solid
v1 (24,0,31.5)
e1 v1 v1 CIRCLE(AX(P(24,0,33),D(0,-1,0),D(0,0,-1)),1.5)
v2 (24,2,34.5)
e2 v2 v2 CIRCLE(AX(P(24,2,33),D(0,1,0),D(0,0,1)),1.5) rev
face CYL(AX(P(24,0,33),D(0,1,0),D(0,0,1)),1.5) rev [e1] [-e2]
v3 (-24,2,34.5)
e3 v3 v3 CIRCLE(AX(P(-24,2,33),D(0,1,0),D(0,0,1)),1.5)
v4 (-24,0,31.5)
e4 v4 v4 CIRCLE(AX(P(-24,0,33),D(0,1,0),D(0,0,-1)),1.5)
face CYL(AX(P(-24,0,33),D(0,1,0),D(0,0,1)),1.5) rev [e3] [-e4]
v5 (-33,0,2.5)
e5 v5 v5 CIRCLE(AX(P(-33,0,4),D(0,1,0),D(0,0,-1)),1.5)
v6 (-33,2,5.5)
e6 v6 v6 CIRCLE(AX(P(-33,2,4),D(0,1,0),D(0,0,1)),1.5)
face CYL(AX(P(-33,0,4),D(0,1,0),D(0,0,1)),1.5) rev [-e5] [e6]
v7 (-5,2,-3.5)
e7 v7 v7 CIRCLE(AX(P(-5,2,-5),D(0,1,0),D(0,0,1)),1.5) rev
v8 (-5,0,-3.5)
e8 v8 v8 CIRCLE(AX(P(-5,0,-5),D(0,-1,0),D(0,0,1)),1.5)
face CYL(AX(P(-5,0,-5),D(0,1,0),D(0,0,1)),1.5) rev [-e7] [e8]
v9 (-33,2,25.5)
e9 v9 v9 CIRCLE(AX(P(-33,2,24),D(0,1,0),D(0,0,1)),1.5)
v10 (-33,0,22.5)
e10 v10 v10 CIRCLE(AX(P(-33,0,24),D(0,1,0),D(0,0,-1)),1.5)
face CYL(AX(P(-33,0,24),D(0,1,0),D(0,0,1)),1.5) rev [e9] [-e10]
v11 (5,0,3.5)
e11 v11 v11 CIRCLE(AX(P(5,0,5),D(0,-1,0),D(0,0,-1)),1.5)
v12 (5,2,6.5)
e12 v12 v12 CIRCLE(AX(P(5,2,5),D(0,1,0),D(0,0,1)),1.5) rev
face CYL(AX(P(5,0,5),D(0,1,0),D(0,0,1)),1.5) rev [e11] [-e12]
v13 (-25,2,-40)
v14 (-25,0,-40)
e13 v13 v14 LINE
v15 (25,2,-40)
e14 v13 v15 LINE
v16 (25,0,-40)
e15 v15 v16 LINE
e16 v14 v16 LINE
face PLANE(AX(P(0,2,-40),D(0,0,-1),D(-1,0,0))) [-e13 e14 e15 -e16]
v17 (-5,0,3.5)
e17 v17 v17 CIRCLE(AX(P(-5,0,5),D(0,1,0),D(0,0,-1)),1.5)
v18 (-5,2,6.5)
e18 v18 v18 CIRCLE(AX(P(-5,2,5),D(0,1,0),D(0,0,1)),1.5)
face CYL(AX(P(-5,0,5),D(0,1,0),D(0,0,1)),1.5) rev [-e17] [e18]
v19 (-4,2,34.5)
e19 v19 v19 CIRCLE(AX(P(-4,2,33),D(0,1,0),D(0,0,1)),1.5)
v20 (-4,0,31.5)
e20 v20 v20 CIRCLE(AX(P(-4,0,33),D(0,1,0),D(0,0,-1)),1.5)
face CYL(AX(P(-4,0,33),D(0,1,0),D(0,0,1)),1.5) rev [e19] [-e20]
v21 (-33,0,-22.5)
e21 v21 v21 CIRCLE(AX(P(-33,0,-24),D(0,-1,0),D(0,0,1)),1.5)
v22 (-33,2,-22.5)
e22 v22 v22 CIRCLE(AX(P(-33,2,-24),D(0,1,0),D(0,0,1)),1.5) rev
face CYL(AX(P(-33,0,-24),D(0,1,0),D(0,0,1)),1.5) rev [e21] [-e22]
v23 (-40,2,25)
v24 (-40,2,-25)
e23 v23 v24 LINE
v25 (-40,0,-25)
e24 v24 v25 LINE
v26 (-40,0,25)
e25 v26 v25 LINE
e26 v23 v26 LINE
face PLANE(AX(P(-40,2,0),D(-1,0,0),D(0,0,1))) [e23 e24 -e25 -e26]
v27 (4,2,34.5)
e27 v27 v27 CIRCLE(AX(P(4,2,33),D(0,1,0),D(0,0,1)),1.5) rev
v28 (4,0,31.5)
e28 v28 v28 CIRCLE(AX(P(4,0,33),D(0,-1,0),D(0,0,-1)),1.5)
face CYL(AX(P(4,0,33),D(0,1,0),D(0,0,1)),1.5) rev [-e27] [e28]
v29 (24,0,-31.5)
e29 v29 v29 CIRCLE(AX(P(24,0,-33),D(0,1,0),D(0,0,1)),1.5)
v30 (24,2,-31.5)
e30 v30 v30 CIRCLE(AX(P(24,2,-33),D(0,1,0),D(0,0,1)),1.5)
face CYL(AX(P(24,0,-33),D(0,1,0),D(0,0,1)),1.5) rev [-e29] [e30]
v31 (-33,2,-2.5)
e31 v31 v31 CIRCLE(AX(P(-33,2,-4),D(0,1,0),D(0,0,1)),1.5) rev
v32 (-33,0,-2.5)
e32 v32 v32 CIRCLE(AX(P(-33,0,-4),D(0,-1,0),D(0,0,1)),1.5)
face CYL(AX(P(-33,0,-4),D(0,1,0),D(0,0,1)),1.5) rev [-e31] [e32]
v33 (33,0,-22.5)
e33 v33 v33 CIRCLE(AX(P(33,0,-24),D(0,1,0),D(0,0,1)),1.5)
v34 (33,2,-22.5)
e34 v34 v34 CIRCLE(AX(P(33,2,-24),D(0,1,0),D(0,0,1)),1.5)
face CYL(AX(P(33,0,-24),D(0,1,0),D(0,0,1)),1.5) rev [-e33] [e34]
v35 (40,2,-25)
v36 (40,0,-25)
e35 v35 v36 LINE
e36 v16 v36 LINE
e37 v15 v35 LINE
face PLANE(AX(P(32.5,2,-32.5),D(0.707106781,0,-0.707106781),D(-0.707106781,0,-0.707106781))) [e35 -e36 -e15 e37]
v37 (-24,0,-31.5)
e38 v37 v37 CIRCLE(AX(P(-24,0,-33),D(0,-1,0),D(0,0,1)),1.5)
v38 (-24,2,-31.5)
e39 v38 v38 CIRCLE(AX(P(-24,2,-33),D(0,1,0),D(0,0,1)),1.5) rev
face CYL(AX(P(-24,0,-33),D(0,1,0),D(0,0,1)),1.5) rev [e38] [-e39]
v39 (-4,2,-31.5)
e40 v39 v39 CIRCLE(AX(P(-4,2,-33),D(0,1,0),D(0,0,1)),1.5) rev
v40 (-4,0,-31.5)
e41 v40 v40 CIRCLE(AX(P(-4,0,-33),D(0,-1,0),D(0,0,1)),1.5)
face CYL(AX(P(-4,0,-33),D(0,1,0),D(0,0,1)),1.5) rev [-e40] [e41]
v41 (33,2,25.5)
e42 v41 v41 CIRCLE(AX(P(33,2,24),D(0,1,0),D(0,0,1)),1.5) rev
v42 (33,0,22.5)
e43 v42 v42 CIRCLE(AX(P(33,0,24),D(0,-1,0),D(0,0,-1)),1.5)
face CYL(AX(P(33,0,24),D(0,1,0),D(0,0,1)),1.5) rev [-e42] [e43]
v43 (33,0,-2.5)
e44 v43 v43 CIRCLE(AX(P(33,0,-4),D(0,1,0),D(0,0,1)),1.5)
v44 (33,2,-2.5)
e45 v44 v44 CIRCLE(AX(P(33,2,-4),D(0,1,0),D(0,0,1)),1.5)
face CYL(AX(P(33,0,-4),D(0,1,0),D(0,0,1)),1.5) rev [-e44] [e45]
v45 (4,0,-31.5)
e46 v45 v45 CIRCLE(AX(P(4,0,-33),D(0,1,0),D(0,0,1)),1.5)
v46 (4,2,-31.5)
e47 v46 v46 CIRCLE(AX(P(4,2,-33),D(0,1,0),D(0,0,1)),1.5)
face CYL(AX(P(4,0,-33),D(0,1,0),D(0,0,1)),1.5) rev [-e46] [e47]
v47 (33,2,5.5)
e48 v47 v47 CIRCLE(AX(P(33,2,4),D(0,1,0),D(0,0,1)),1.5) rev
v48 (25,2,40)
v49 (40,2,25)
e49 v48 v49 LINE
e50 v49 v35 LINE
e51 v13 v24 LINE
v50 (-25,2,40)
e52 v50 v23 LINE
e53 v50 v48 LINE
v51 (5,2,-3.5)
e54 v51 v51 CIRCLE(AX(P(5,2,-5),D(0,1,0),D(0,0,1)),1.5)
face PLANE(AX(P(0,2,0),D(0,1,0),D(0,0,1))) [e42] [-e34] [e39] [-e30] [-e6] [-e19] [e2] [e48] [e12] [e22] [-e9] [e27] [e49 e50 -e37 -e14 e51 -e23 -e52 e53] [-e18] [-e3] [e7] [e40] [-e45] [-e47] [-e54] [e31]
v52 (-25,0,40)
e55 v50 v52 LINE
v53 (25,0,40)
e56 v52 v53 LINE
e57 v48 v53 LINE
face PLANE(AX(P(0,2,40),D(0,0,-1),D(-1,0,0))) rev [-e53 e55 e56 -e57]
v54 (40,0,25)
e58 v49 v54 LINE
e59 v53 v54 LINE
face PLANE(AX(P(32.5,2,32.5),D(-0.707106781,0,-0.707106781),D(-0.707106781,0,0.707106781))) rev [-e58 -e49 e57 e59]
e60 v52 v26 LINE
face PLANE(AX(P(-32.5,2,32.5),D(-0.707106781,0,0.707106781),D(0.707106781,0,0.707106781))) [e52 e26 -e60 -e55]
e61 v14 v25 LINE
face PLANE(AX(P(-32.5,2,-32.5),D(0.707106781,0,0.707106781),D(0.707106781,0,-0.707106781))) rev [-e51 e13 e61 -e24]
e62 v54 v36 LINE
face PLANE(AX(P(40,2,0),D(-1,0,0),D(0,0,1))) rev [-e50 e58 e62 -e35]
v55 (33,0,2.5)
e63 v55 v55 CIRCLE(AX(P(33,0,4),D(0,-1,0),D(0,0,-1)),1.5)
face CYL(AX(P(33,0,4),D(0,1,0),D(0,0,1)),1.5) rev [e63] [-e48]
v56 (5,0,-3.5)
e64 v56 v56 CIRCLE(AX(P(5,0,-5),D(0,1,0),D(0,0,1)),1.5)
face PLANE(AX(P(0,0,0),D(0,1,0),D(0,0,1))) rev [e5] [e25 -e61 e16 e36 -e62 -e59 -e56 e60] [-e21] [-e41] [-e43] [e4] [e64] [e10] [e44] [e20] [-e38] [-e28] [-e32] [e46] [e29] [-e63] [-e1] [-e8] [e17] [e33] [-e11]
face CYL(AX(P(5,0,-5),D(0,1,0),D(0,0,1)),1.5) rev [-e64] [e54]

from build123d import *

# Parameters (mm, degrees)
BOSS_EXTRUDE1_DEPTH                        = 2
SKETCH6_R                                  = 1.5
CUT_EXTRUDE3_DEPTH                         = 4
MIRROR2_AT_THE_SECOND_PLANE_COPY_1_DEPTH   = 2
MIRROR2_AT_THE_SECOND_PLANE_COPY_2_SKETC_R = 1.5
MIRROR2_AT_THE_SECOND_PLANE_COPY_2_DEPTH   = 4


with BuildPart() as part:
    # Sketch1 → Boss-Extrude1 (new body)
    with BuildSketch(Plane(origin=(0, 0, 0), x_dir=(1, 0, 0), z_dir=(0, 1, 0))):
        Polygon((25, 40), (40, 25), (40, 0), (0, 0), (0, 40), align=None)
    boss_extrude1 = extrude(amount=BOSS_EXTRUDE1_DEPTH)

    # Sketch6 → Cut-Extrude3 (cut, through all)
    with BuildSketch(Plane(origin=(0, 3, 0), x_dir=(1, 0, 0), z_dir=(0, 1, 0))):
        with Locations((33, 24)):
            Circle(SKETCH6_R)
        with Locations((24, 33)):
            Circle(SKETCH6_R)
        with Locations((4, 33)):
            Circle(SKETCH6_R)
        with Locations((33, 4)):
            Circle(SKETCH6_R)
        with Locations((5, 5)):
            Circle(SKETCH6_R)
    cut_extrude3 = extrude(amount=-CUT_EXTRUDE3_DEPTH, mode=Mode.SUBTRACT)

    # Mirror2: Boss-Extrude1, Cut-Extrude3 across plane
    add(boss_extrude1.mirror(Plane(origin=(0, 0, 0), x_dir=(0, 0, 1), z_dir=(1, 0, 0))))
    add(cut_extrude3.mirror(Plane(origin=(0, 0, 0), x_dir=(0, 0, 1), z_dir=(1, 0, 0))), mode=Mode.SUBTRACT)

    # Mirror2 at the second plane: Boss-Extrude1, Cut-Extrude3 across plane
    add(boss_extrude1.mirror(Plane.XY))
    add(cut_extrude3.mirror(Plane.XY), mode=Mode.SUBTRACT)

    # Mirror2 at the second plane copy 1 sketc → Mirror2 at the second plane copy 1 (add)
    with BuildSketch(Plane(origin=(0, 0, 0), x_dir=(-1, 0, 0), z_dir=(0, 1, 0))):
        Polygon((25, 40), (40, 25), (40, 0), (0, 0), (0, 40), align=None)
    extrude(amount=MIRROR2_AT_THE_SECOND_PLANE_COPY_1_DEPTH)

    # Mirror2 at the second plane copy 2 sketc → Mirror2 at the second plane copy 2 (cut, through all)
    with BuildSketch(Plane(origin=(0, 3, 0), x_dir=(-1, 0, 0), z_dir=(0, 1, 0))):
        with Locations((33, 24)):
            Circle(MIRROR2_AT_THE_SECOND_PLANE_COPY_2_SKETC_R)
        with Locations((24, 33)):
            Circle(MIRROR2_AT_THE_SECOND_PLANE_COPY_2_SKETC_R)
        with Locations((4, 33)):
            Circle(MIRROR2_AT_THE_SECOND_PLANE_COPY_2_SKETC_R)
        with Locations((33, 4)):
            Circle(MIRROR2_AT_THE_SECOND_PLANE_COPY_2_SKETC_R)
        with Locations((5, 5)):
            Circle(MIRROR2_AT_THE_SECOND_PLANE_COPY_2_SKETC_R)
    extrude(amount=-MIRROR2_AT_THE_SECOND_PLANE_COPY_2_DEPTH, mode=Mode.SUBTRACT)


solid = part.part
